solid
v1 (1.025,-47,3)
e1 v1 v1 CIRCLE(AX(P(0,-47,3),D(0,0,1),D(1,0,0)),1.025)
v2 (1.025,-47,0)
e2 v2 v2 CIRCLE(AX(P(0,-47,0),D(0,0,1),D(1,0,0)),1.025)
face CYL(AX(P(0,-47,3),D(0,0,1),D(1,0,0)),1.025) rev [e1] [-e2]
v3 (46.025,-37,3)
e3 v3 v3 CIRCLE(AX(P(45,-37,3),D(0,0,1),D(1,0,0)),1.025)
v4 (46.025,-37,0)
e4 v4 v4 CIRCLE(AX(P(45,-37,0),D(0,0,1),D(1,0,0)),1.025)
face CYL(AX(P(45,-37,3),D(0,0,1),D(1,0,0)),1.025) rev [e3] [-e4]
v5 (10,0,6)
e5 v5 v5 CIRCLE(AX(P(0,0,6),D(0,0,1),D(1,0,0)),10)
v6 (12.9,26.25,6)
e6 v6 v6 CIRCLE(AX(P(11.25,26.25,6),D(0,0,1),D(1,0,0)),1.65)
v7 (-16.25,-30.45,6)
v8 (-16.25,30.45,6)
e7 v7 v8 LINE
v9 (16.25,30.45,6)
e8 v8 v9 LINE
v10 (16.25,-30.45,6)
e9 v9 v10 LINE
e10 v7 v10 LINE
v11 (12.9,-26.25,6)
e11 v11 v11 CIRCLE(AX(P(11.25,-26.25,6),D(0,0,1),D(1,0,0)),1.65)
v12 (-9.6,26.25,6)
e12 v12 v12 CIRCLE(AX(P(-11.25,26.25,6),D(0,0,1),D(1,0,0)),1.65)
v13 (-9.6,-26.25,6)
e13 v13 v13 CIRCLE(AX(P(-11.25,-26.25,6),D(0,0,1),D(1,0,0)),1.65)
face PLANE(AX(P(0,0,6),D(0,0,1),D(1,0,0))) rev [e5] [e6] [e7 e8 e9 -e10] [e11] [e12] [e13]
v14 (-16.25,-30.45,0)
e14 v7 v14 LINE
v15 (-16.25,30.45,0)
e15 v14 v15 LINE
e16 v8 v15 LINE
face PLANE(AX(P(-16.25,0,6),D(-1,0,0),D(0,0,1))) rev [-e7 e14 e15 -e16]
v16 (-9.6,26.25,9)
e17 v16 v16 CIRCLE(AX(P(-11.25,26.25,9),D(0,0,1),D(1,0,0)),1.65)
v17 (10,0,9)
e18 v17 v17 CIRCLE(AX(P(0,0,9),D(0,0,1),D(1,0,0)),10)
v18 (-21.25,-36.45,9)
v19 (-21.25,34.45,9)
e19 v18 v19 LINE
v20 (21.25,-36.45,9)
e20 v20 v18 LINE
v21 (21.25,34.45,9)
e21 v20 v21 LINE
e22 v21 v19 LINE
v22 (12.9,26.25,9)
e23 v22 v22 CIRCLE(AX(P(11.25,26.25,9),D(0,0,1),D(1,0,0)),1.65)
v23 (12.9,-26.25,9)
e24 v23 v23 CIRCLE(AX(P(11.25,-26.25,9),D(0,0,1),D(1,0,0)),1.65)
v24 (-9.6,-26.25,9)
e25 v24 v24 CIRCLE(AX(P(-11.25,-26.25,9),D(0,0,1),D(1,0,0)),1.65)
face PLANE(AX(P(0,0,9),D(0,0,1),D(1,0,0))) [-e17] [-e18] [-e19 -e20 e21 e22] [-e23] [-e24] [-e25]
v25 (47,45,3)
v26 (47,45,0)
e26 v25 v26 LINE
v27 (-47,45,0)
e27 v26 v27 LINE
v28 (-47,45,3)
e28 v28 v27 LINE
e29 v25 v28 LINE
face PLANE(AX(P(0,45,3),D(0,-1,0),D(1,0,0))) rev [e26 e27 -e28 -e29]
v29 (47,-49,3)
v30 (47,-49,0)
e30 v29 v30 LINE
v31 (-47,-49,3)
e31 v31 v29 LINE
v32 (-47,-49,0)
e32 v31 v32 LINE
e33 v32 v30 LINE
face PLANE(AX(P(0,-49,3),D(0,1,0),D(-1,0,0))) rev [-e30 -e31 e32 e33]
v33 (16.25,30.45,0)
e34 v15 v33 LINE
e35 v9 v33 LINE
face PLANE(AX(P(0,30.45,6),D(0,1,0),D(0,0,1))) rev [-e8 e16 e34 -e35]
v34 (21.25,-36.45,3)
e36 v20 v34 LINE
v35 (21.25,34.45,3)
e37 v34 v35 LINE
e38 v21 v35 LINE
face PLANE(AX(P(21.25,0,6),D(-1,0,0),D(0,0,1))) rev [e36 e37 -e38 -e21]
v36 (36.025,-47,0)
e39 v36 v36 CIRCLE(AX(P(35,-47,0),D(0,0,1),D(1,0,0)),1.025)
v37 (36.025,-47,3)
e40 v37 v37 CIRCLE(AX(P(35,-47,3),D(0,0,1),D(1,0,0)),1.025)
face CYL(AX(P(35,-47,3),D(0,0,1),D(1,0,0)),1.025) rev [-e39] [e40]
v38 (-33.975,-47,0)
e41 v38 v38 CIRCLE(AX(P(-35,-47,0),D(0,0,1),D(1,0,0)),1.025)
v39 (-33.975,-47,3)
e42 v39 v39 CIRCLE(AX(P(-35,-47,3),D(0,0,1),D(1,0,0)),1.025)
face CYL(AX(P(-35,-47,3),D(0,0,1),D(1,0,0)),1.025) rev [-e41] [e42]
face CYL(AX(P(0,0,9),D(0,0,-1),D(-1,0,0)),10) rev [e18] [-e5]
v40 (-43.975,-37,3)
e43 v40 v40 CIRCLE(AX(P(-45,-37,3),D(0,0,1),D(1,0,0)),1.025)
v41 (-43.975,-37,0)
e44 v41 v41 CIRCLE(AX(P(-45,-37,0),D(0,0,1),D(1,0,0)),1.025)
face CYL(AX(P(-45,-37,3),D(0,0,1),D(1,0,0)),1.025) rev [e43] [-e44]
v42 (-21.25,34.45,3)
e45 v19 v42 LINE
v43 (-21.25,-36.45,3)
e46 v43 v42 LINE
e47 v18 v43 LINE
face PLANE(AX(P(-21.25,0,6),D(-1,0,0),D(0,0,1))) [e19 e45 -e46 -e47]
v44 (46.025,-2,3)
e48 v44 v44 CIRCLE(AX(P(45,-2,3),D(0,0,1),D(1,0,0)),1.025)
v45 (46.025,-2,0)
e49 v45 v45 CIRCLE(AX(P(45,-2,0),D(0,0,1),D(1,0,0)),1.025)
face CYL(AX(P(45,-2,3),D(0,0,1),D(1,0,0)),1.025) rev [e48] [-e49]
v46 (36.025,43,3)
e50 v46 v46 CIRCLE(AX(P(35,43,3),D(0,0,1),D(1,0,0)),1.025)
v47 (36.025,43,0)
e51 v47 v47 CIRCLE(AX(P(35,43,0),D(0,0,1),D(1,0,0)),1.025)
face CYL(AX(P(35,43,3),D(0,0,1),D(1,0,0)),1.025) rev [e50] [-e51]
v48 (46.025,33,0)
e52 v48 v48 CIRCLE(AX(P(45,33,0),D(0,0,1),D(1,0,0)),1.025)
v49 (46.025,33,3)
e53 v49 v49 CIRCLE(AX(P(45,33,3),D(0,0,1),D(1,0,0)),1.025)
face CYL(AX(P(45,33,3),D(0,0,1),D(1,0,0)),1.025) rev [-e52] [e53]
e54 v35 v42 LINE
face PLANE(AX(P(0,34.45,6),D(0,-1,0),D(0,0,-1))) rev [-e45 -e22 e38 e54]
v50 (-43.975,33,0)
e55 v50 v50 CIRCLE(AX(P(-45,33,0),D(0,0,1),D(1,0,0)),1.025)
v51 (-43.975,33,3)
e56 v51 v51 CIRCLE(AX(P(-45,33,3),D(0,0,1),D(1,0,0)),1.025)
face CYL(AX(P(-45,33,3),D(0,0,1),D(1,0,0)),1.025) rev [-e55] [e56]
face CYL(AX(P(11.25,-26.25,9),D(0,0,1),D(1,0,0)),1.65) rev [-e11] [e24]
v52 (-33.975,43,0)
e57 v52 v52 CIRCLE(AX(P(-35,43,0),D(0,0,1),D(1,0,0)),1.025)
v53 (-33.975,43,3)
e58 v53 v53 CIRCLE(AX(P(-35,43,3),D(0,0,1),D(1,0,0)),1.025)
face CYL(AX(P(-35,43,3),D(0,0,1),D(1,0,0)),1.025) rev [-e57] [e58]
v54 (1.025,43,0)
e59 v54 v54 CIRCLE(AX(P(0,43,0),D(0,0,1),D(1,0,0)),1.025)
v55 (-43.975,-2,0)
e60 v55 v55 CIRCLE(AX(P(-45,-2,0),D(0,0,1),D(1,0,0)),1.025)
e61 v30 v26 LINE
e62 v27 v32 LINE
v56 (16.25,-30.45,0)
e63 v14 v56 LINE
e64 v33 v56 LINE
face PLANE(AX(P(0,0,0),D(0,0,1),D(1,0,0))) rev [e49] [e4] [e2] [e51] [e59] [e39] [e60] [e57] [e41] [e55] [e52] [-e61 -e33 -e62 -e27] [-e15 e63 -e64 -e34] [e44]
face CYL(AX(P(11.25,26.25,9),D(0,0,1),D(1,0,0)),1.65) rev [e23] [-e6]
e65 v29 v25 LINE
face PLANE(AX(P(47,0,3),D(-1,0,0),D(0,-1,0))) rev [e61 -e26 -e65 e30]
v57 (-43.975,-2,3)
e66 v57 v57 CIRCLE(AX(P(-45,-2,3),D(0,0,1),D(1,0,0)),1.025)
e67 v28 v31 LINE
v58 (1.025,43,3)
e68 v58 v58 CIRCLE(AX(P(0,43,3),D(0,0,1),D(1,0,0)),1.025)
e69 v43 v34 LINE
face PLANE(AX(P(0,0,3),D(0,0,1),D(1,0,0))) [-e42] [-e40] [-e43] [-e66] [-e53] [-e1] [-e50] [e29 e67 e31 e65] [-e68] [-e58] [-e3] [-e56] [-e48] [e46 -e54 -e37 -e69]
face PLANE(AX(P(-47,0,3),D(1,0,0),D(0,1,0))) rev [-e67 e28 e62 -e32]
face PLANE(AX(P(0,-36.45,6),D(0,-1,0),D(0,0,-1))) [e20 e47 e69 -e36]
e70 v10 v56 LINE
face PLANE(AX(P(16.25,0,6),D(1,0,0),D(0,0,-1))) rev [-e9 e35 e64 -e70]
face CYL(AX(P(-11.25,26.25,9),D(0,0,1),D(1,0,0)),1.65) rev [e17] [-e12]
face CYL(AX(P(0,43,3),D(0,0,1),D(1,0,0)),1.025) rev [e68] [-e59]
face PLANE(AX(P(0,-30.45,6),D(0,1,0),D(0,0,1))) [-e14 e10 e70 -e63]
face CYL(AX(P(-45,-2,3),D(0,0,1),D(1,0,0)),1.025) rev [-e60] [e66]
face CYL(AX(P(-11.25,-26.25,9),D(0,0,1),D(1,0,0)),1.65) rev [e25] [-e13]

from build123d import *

# Parameters (mm, degrees)
SKETCH_1_W               = 94
SKETCH_1_H               = 94
SKETCH_1_W_2             = 42.5
SKETCH_1_H_2             = 70.9
EXTRUDE_1_DEPTH          = 3
SKETCH_1_5_W             = 42.5
SKETCH_1_5_H             = 70.9
SKETCH_1_5_W_2           = 32.5
SKETCH_1_5_H_2           = 60.9
EXTRUDE_2_DEPTH          = 6
SKETCH_2_W               = 42.5
SKETCH_2_H               = 70.9
SKETCH_2_R               = 10
EXTRUDE_3_DEPTH          = 3
HOLE_WIZARD_M4_1_D       = 3.3
HOLE_WIZARD_M4_1_DEPTH   = 11.5
HOLE_WIZARD_M4_1_TIP     = 0.991420021
HOLE_WIZARD_M2_5_1_D     = 2.05
HOLE_WIZARD_M2_5_1_DEPTH = 7.25
HOLE_WIZARD_M2_5_1_TIP   = 0.615882135
HOLE_WIZARD_M2_5_2_D     = 2.05
HOLE_WIZARD_M2_5_2_DEPTH = 7.25
HOLE_WIZARD_M2_5_2_TIP   = 0.615882135


with BuildPart() as part:
    # 草图1 → 凸台-拉伸1 (new body)
    with BuildSketch(Plane.XY):
        with Locations((0, -2)):
            Rectangle(SKETCH_1_W, SKETCH_1_H)
        with Locations((0, -1)):
            Rectangle(SKETCH_1_W_2, SKETCH_1_H_2, mode=Mode.SUBTRACT)
    extrude(amount=EXTRUDE_1_DEPTH)

    # 草图1<5> → 凸台-拉伸2 (add)
    with BuildSketch(Plane.XY):
        with Locations((0, -1)):
            Rectangle(SKETCH_1_5_W, SKETCH_1_5_H)
        Rectangle(SKETCH_1_5_W_2, SKETCH_1_5_H_2, mode=Mode.SUBTRACT)
    extrude(amount=EXTRUDE_2_DEPTH)

    # 草图2 → 凸台-拉伸3 (add)
    with BuildSketch(Plane.XY.offset(6)):
        with Locations((0, -1)):
            Rectangle(SKETCH_2_W, SKETCH_2_H)
        Circle(SKETCH_2_R, mode=Mode.SUBTRACT)
    extrude(amount=EXTRUDE_3_DEPTH)

    # M4 螺纹孔1
    with Locations(Plane.XY.offset(9)):
        with Locations((11.25, 26.25), (-11.25, 26.25), (-11.25, -26.25), (11.25, -26.25)):
            Hole(HOLE_WIZARD_M4_1_D / 2, depth=HOLE_WIZARD_M4_1_DEPTH)
            with Locations((0, 0, -(HOLE_WIZARD_M4_1_DEPTH + HOLE_WIZARD_M4_1_TIP / 2))):  # 118° drill point
                Cone(0, HOLE_WIZARD_M4_1_D / 2, HOLE_WIZARD_M4_1_TIP, mode=Mode.SUBTRACT)

    # M2.5 螺纹孔1
    with Locations(Plane.XY.offset(3)):
        with Locations((-45, 33), (-45, -2), (-45, -37), (-35, 43), (0, 43), (35, 43), (45, 33)):
            Hole(HOLE_WIZARD_M2_5_1_D / 2, depth=HOLE_WIZARD_M2_5_1_DEPTH)
            with Locations((0, 0, -(HOLE_WIZARD_M2_5_1_DEPTH + HOLE_WIZARD_M2_5_1_TIP / 2))):  # 118° drill point
                Cone(0, HOLE_WIZARD_M2_5_1_D / 2, HOLE_WIZARD_M2_5_1_TIP, mode=Mode.SUBTRACT)

    # M2.5 螺纹孔2
    with Locations(Plane.XY.offset(3)):
        with Locations((45, -2), (45, -37), (35, -47), (0, -47), (-35, -47)):
            Hole(HOLE_WIZARD_M2_5_2_D / 2, depth=HOLE_WIZARD_M2_5_2_DEPTH)
            with Locations((0, 0, -(HOLE_WIZARD_M2_5_2_DEPTH + HOLE_WIZARD_M2_5_2_TIP / 2))):  # 118° drill point
                Cone(0, HOLE_WIZARD_M2_5_2_D / 2, HOLE_WIZARD_M2_5_2_TIP, mode=Mode.SUBTRACT)


solid = part.part
